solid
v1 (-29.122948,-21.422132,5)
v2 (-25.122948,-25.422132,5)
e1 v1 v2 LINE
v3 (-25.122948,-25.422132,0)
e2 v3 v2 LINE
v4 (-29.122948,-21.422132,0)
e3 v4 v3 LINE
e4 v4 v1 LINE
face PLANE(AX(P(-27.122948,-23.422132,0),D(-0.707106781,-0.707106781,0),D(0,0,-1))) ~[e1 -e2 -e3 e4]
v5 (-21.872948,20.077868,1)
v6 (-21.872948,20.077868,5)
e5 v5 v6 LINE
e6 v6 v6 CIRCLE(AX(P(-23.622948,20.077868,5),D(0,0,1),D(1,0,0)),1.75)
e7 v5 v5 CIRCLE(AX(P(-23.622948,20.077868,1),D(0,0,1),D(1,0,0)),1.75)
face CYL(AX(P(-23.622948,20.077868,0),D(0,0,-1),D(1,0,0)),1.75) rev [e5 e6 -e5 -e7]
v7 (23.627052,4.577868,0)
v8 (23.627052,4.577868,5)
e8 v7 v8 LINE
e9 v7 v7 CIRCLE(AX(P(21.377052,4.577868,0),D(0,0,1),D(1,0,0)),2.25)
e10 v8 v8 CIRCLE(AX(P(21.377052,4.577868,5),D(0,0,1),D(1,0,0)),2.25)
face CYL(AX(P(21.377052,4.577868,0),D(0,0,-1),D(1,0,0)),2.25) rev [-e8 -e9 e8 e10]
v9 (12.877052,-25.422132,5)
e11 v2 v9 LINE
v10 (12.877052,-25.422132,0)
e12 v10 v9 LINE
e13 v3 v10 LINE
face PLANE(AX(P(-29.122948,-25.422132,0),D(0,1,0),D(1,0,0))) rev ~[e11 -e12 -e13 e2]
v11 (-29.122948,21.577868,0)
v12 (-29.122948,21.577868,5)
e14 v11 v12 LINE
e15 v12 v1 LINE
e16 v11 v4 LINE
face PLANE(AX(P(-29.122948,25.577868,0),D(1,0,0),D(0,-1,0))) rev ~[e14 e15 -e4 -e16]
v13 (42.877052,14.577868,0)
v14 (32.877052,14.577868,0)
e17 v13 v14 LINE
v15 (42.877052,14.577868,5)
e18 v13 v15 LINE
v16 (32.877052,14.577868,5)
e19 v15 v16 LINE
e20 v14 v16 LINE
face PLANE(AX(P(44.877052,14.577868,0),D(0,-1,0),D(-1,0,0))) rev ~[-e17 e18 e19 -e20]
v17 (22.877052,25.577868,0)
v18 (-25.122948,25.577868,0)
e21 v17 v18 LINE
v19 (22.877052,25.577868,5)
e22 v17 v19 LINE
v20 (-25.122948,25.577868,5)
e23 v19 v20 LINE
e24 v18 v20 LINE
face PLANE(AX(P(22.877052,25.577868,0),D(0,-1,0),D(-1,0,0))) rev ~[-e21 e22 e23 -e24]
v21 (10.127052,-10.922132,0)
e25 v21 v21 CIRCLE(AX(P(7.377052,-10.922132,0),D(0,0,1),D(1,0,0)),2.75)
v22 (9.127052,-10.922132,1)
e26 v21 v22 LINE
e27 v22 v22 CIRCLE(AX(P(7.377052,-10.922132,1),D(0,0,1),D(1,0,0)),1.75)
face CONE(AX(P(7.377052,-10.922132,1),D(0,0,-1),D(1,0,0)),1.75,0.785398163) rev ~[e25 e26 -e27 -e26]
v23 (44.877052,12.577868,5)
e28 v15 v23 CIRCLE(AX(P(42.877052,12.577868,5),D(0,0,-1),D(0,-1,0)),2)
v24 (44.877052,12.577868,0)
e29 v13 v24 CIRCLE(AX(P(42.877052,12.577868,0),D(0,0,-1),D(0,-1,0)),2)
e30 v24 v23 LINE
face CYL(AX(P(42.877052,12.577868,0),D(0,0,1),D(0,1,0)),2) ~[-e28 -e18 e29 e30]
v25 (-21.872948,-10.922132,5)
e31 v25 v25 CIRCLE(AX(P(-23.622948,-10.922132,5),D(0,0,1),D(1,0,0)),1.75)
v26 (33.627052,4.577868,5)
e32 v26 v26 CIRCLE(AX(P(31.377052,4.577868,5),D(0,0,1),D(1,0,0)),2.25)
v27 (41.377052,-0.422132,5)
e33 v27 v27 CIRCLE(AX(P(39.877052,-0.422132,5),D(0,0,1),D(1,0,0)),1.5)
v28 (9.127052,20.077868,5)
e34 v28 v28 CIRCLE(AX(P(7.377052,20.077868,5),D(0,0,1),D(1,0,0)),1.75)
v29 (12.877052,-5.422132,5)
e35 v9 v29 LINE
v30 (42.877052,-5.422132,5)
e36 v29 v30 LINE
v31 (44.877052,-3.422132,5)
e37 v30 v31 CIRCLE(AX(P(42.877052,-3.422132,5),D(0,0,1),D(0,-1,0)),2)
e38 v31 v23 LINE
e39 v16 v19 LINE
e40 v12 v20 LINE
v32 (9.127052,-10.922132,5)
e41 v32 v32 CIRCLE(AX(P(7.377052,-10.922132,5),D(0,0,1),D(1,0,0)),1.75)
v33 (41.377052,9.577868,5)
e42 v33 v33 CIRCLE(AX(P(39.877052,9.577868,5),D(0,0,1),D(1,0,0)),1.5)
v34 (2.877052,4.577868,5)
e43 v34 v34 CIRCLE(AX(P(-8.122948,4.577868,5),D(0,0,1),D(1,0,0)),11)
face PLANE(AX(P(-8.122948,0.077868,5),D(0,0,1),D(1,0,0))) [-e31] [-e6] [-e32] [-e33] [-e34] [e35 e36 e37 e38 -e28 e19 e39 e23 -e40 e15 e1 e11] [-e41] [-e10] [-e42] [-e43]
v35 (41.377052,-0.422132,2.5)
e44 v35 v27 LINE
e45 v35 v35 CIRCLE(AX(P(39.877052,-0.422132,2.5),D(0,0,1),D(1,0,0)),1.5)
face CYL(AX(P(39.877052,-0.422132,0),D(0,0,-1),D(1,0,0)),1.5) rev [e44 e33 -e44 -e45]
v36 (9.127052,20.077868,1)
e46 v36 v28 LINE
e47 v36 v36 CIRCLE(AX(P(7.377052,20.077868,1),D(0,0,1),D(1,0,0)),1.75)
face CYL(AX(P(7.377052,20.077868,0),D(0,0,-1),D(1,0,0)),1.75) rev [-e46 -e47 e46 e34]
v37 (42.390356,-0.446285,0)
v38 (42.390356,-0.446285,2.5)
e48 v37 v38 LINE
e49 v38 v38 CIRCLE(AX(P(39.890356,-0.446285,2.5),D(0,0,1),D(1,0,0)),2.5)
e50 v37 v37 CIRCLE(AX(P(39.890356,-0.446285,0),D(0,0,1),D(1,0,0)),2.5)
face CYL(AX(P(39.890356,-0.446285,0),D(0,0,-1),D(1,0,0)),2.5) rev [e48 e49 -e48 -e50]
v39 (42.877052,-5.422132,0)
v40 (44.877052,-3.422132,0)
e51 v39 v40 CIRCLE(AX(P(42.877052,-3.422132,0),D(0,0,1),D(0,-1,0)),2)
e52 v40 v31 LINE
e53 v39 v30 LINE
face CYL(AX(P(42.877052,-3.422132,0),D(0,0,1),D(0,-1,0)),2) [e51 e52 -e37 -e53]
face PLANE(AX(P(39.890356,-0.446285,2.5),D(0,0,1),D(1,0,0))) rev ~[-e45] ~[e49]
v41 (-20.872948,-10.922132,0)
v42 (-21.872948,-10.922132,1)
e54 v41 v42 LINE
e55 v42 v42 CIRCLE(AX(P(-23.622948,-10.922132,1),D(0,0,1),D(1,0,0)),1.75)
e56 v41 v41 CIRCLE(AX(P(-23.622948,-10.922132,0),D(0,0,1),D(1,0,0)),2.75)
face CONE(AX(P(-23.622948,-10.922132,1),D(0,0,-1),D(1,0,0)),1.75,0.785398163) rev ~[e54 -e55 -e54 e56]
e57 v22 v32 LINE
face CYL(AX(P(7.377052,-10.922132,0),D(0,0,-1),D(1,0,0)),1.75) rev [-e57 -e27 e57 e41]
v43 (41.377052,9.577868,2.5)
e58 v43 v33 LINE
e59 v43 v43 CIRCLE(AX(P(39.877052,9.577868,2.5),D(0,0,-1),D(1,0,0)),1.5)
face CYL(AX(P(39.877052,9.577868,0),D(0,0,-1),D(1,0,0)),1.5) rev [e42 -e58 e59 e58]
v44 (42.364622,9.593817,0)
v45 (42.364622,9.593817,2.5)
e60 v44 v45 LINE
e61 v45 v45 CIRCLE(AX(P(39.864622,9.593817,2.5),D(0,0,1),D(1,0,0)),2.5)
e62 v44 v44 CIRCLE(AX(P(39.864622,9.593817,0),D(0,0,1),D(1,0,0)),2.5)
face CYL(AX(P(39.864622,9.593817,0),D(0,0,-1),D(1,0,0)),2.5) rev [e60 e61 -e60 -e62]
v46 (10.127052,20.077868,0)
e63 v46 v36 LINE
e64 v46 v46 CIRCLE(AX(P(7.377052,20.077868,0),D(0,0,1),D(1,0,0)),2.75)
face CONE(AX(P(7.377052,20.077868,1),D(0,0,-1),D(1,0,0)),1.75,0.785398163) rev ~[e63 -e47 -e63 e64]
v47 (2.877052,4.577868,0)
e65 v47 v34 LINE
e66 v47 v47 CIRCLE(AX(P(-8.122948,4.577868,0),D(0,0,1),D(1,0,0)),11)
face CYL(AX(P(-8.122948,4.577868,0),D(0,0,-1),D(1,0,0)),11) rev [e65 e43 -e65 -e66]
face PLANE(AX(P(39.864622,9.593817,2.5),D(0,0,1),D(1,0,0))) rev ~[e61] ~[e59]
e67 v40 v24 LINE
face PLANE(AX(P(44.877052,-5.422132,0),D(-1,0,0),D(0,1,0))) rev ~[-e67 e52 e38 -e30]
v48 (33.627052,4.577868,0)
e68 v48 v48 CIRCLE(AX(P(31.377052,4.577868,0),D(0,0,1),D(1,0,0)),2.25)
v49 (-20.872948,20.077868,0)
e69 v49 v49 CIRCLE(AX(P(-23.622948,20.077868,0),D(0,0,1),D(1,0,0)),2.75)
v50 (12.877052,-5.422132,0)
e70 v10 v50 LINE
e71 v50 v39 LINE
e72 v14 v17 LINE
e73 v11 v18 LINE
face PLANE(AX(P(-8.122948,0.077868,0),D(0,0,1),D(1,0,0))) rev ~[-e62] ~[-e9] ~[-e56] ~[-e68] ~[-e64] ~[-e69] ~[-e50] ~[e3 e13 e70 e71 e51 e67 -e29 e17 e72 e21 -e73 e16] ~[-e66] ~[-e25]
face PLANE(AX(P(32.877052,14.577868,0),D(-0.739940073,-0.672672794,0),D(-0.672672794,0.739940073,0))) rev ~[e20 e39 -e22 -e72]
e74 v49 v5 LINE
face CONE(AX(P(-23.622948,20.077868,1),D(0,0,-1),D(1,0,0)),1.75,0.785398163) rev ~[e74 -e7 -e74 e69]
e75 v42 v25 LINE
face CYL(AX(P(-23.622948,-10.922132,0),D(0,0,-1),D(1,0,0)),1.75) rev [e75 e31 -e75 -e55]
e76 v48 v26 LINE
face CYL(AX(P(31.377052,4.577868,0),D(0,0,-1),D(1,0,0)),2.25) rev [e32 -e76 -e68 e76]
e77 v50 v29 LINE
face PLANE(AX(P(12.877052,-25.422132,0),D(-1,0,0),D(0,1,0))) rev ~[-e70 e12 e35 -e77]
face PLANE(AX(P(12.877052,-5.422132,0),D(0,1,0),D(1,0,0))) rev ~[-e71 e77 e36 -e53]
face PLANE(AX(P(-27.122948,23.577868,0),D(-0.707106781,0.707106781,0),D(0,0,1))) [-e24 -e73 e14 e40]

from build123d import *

# Parameters (mm, degrees)
F0_R     = 1.75
F0_R_2   = 11
F0_R_3   = 1.5
F0_R_4   = 2.25
F1_DEPTH = 5
F2_R     = 2.5
F2_R_2   = 1.5
F3_DEPTH = 2.5
F4_SIZE  = 1
F5_SIZE  = 4
F6_R     = 2


with BuildPart() as f1:
    # F0 (on Top) → F1 (new body)
    with BuildSketch(Plane.XY):
        Polygon((12.877052, 25.577868), (-29.122948, 25.577868), (-29.122948, -25.422132), (12.877052, -25.422132), (12.877052, -5.422132), align=None)
        with Locations((-23.622948, -10.922132)):
            Circle(F0_R, mode=Mode.SUBTRACT)
        with Locations((7.377052, -10.922132)):
            Circle(F0_R, mode=Mode.SUBTRACT)
        with Locations((-8.122948, 4.577868)):
            Circle(F0_R_2, mode=Mode.SUBTRACT)
        with Locations((-23.622948, 20.077868)):
            Circle(F0_R, mode=Mode.SUBTRACT)
        with Locations((7.377052, 20.077868)):
            Circle(F0_R, mode=Mode.SUBTRACT)
        Polygon((22.877052, 25.577868), (12.877052, 25.577868), (12.877052, -5.422132), (44.877052, -5.422132), (44.877052, 14.577868), (32.877052, 14.577868), align=None)
        with Locations((39.877052, -0.422132)):
            Circle(F0_R_3, mode=Mode.SUBTRACT)
        with Locations((21.377052, 4.577868)):
            Circle(F0_R_4, mode=Mode.SUBTRACT)
        with Locations((31.377052, 4.577868)):
            Circle(F0_R_4, mode=Mode.SUBTRACT)
        with Locations((39.877052, 9.577868)):
            Circle(F0_R_3, mode=Mode.SUBTRACT)
    extrude(amount=F1_DEPTH)

    # F2 (on face) → F3 (cut)
    with BuildSketch(Plane.XY):
        with Locations((39.890356, -0.446285)):
            Circle(F2_R)
        with Locations((39.877052, -0.422132)):
            Circle(F2_R_2, mode=Mode.SUBTRACT)
        with Locations((39.864622, 9.593817)):
            Circle(F2_R)
    extrude(amount=F3_DEPTH, mode=Mode.SUBTRACT)

    # F4
    f4_edges = [f1.edges().sort_by_distance(p)[0] for p in [
        (-25.372948, 20.077868, 0),
        (5.627052, 20.077868, 0),
        (5.627052, -10.922132, 0),
        (-25.372948, -10.922132, 0),
    ]]
    chamfer(f4_edges, length=F4_SIZE)

    # F5
    f5_edges = [f1.edges().sort_by_distance(p)[0] for p in [
        (-29.122948, 25.577868, 2.5),
        (-29.122948, -25.422132, 2.5),
    ]]
    chamfer(f5_edges, length=F5_SIZE)

    # F6
    f6_edges = [f1.edges().sort_by_distance(p)[0] for p in [
        (44.877052, 14.577868, 2.5),
        (44.877052, -5.422132, 2.5),
    ]]
    fillet(f6_edges, radius=F6_R)


solid = f1.part
